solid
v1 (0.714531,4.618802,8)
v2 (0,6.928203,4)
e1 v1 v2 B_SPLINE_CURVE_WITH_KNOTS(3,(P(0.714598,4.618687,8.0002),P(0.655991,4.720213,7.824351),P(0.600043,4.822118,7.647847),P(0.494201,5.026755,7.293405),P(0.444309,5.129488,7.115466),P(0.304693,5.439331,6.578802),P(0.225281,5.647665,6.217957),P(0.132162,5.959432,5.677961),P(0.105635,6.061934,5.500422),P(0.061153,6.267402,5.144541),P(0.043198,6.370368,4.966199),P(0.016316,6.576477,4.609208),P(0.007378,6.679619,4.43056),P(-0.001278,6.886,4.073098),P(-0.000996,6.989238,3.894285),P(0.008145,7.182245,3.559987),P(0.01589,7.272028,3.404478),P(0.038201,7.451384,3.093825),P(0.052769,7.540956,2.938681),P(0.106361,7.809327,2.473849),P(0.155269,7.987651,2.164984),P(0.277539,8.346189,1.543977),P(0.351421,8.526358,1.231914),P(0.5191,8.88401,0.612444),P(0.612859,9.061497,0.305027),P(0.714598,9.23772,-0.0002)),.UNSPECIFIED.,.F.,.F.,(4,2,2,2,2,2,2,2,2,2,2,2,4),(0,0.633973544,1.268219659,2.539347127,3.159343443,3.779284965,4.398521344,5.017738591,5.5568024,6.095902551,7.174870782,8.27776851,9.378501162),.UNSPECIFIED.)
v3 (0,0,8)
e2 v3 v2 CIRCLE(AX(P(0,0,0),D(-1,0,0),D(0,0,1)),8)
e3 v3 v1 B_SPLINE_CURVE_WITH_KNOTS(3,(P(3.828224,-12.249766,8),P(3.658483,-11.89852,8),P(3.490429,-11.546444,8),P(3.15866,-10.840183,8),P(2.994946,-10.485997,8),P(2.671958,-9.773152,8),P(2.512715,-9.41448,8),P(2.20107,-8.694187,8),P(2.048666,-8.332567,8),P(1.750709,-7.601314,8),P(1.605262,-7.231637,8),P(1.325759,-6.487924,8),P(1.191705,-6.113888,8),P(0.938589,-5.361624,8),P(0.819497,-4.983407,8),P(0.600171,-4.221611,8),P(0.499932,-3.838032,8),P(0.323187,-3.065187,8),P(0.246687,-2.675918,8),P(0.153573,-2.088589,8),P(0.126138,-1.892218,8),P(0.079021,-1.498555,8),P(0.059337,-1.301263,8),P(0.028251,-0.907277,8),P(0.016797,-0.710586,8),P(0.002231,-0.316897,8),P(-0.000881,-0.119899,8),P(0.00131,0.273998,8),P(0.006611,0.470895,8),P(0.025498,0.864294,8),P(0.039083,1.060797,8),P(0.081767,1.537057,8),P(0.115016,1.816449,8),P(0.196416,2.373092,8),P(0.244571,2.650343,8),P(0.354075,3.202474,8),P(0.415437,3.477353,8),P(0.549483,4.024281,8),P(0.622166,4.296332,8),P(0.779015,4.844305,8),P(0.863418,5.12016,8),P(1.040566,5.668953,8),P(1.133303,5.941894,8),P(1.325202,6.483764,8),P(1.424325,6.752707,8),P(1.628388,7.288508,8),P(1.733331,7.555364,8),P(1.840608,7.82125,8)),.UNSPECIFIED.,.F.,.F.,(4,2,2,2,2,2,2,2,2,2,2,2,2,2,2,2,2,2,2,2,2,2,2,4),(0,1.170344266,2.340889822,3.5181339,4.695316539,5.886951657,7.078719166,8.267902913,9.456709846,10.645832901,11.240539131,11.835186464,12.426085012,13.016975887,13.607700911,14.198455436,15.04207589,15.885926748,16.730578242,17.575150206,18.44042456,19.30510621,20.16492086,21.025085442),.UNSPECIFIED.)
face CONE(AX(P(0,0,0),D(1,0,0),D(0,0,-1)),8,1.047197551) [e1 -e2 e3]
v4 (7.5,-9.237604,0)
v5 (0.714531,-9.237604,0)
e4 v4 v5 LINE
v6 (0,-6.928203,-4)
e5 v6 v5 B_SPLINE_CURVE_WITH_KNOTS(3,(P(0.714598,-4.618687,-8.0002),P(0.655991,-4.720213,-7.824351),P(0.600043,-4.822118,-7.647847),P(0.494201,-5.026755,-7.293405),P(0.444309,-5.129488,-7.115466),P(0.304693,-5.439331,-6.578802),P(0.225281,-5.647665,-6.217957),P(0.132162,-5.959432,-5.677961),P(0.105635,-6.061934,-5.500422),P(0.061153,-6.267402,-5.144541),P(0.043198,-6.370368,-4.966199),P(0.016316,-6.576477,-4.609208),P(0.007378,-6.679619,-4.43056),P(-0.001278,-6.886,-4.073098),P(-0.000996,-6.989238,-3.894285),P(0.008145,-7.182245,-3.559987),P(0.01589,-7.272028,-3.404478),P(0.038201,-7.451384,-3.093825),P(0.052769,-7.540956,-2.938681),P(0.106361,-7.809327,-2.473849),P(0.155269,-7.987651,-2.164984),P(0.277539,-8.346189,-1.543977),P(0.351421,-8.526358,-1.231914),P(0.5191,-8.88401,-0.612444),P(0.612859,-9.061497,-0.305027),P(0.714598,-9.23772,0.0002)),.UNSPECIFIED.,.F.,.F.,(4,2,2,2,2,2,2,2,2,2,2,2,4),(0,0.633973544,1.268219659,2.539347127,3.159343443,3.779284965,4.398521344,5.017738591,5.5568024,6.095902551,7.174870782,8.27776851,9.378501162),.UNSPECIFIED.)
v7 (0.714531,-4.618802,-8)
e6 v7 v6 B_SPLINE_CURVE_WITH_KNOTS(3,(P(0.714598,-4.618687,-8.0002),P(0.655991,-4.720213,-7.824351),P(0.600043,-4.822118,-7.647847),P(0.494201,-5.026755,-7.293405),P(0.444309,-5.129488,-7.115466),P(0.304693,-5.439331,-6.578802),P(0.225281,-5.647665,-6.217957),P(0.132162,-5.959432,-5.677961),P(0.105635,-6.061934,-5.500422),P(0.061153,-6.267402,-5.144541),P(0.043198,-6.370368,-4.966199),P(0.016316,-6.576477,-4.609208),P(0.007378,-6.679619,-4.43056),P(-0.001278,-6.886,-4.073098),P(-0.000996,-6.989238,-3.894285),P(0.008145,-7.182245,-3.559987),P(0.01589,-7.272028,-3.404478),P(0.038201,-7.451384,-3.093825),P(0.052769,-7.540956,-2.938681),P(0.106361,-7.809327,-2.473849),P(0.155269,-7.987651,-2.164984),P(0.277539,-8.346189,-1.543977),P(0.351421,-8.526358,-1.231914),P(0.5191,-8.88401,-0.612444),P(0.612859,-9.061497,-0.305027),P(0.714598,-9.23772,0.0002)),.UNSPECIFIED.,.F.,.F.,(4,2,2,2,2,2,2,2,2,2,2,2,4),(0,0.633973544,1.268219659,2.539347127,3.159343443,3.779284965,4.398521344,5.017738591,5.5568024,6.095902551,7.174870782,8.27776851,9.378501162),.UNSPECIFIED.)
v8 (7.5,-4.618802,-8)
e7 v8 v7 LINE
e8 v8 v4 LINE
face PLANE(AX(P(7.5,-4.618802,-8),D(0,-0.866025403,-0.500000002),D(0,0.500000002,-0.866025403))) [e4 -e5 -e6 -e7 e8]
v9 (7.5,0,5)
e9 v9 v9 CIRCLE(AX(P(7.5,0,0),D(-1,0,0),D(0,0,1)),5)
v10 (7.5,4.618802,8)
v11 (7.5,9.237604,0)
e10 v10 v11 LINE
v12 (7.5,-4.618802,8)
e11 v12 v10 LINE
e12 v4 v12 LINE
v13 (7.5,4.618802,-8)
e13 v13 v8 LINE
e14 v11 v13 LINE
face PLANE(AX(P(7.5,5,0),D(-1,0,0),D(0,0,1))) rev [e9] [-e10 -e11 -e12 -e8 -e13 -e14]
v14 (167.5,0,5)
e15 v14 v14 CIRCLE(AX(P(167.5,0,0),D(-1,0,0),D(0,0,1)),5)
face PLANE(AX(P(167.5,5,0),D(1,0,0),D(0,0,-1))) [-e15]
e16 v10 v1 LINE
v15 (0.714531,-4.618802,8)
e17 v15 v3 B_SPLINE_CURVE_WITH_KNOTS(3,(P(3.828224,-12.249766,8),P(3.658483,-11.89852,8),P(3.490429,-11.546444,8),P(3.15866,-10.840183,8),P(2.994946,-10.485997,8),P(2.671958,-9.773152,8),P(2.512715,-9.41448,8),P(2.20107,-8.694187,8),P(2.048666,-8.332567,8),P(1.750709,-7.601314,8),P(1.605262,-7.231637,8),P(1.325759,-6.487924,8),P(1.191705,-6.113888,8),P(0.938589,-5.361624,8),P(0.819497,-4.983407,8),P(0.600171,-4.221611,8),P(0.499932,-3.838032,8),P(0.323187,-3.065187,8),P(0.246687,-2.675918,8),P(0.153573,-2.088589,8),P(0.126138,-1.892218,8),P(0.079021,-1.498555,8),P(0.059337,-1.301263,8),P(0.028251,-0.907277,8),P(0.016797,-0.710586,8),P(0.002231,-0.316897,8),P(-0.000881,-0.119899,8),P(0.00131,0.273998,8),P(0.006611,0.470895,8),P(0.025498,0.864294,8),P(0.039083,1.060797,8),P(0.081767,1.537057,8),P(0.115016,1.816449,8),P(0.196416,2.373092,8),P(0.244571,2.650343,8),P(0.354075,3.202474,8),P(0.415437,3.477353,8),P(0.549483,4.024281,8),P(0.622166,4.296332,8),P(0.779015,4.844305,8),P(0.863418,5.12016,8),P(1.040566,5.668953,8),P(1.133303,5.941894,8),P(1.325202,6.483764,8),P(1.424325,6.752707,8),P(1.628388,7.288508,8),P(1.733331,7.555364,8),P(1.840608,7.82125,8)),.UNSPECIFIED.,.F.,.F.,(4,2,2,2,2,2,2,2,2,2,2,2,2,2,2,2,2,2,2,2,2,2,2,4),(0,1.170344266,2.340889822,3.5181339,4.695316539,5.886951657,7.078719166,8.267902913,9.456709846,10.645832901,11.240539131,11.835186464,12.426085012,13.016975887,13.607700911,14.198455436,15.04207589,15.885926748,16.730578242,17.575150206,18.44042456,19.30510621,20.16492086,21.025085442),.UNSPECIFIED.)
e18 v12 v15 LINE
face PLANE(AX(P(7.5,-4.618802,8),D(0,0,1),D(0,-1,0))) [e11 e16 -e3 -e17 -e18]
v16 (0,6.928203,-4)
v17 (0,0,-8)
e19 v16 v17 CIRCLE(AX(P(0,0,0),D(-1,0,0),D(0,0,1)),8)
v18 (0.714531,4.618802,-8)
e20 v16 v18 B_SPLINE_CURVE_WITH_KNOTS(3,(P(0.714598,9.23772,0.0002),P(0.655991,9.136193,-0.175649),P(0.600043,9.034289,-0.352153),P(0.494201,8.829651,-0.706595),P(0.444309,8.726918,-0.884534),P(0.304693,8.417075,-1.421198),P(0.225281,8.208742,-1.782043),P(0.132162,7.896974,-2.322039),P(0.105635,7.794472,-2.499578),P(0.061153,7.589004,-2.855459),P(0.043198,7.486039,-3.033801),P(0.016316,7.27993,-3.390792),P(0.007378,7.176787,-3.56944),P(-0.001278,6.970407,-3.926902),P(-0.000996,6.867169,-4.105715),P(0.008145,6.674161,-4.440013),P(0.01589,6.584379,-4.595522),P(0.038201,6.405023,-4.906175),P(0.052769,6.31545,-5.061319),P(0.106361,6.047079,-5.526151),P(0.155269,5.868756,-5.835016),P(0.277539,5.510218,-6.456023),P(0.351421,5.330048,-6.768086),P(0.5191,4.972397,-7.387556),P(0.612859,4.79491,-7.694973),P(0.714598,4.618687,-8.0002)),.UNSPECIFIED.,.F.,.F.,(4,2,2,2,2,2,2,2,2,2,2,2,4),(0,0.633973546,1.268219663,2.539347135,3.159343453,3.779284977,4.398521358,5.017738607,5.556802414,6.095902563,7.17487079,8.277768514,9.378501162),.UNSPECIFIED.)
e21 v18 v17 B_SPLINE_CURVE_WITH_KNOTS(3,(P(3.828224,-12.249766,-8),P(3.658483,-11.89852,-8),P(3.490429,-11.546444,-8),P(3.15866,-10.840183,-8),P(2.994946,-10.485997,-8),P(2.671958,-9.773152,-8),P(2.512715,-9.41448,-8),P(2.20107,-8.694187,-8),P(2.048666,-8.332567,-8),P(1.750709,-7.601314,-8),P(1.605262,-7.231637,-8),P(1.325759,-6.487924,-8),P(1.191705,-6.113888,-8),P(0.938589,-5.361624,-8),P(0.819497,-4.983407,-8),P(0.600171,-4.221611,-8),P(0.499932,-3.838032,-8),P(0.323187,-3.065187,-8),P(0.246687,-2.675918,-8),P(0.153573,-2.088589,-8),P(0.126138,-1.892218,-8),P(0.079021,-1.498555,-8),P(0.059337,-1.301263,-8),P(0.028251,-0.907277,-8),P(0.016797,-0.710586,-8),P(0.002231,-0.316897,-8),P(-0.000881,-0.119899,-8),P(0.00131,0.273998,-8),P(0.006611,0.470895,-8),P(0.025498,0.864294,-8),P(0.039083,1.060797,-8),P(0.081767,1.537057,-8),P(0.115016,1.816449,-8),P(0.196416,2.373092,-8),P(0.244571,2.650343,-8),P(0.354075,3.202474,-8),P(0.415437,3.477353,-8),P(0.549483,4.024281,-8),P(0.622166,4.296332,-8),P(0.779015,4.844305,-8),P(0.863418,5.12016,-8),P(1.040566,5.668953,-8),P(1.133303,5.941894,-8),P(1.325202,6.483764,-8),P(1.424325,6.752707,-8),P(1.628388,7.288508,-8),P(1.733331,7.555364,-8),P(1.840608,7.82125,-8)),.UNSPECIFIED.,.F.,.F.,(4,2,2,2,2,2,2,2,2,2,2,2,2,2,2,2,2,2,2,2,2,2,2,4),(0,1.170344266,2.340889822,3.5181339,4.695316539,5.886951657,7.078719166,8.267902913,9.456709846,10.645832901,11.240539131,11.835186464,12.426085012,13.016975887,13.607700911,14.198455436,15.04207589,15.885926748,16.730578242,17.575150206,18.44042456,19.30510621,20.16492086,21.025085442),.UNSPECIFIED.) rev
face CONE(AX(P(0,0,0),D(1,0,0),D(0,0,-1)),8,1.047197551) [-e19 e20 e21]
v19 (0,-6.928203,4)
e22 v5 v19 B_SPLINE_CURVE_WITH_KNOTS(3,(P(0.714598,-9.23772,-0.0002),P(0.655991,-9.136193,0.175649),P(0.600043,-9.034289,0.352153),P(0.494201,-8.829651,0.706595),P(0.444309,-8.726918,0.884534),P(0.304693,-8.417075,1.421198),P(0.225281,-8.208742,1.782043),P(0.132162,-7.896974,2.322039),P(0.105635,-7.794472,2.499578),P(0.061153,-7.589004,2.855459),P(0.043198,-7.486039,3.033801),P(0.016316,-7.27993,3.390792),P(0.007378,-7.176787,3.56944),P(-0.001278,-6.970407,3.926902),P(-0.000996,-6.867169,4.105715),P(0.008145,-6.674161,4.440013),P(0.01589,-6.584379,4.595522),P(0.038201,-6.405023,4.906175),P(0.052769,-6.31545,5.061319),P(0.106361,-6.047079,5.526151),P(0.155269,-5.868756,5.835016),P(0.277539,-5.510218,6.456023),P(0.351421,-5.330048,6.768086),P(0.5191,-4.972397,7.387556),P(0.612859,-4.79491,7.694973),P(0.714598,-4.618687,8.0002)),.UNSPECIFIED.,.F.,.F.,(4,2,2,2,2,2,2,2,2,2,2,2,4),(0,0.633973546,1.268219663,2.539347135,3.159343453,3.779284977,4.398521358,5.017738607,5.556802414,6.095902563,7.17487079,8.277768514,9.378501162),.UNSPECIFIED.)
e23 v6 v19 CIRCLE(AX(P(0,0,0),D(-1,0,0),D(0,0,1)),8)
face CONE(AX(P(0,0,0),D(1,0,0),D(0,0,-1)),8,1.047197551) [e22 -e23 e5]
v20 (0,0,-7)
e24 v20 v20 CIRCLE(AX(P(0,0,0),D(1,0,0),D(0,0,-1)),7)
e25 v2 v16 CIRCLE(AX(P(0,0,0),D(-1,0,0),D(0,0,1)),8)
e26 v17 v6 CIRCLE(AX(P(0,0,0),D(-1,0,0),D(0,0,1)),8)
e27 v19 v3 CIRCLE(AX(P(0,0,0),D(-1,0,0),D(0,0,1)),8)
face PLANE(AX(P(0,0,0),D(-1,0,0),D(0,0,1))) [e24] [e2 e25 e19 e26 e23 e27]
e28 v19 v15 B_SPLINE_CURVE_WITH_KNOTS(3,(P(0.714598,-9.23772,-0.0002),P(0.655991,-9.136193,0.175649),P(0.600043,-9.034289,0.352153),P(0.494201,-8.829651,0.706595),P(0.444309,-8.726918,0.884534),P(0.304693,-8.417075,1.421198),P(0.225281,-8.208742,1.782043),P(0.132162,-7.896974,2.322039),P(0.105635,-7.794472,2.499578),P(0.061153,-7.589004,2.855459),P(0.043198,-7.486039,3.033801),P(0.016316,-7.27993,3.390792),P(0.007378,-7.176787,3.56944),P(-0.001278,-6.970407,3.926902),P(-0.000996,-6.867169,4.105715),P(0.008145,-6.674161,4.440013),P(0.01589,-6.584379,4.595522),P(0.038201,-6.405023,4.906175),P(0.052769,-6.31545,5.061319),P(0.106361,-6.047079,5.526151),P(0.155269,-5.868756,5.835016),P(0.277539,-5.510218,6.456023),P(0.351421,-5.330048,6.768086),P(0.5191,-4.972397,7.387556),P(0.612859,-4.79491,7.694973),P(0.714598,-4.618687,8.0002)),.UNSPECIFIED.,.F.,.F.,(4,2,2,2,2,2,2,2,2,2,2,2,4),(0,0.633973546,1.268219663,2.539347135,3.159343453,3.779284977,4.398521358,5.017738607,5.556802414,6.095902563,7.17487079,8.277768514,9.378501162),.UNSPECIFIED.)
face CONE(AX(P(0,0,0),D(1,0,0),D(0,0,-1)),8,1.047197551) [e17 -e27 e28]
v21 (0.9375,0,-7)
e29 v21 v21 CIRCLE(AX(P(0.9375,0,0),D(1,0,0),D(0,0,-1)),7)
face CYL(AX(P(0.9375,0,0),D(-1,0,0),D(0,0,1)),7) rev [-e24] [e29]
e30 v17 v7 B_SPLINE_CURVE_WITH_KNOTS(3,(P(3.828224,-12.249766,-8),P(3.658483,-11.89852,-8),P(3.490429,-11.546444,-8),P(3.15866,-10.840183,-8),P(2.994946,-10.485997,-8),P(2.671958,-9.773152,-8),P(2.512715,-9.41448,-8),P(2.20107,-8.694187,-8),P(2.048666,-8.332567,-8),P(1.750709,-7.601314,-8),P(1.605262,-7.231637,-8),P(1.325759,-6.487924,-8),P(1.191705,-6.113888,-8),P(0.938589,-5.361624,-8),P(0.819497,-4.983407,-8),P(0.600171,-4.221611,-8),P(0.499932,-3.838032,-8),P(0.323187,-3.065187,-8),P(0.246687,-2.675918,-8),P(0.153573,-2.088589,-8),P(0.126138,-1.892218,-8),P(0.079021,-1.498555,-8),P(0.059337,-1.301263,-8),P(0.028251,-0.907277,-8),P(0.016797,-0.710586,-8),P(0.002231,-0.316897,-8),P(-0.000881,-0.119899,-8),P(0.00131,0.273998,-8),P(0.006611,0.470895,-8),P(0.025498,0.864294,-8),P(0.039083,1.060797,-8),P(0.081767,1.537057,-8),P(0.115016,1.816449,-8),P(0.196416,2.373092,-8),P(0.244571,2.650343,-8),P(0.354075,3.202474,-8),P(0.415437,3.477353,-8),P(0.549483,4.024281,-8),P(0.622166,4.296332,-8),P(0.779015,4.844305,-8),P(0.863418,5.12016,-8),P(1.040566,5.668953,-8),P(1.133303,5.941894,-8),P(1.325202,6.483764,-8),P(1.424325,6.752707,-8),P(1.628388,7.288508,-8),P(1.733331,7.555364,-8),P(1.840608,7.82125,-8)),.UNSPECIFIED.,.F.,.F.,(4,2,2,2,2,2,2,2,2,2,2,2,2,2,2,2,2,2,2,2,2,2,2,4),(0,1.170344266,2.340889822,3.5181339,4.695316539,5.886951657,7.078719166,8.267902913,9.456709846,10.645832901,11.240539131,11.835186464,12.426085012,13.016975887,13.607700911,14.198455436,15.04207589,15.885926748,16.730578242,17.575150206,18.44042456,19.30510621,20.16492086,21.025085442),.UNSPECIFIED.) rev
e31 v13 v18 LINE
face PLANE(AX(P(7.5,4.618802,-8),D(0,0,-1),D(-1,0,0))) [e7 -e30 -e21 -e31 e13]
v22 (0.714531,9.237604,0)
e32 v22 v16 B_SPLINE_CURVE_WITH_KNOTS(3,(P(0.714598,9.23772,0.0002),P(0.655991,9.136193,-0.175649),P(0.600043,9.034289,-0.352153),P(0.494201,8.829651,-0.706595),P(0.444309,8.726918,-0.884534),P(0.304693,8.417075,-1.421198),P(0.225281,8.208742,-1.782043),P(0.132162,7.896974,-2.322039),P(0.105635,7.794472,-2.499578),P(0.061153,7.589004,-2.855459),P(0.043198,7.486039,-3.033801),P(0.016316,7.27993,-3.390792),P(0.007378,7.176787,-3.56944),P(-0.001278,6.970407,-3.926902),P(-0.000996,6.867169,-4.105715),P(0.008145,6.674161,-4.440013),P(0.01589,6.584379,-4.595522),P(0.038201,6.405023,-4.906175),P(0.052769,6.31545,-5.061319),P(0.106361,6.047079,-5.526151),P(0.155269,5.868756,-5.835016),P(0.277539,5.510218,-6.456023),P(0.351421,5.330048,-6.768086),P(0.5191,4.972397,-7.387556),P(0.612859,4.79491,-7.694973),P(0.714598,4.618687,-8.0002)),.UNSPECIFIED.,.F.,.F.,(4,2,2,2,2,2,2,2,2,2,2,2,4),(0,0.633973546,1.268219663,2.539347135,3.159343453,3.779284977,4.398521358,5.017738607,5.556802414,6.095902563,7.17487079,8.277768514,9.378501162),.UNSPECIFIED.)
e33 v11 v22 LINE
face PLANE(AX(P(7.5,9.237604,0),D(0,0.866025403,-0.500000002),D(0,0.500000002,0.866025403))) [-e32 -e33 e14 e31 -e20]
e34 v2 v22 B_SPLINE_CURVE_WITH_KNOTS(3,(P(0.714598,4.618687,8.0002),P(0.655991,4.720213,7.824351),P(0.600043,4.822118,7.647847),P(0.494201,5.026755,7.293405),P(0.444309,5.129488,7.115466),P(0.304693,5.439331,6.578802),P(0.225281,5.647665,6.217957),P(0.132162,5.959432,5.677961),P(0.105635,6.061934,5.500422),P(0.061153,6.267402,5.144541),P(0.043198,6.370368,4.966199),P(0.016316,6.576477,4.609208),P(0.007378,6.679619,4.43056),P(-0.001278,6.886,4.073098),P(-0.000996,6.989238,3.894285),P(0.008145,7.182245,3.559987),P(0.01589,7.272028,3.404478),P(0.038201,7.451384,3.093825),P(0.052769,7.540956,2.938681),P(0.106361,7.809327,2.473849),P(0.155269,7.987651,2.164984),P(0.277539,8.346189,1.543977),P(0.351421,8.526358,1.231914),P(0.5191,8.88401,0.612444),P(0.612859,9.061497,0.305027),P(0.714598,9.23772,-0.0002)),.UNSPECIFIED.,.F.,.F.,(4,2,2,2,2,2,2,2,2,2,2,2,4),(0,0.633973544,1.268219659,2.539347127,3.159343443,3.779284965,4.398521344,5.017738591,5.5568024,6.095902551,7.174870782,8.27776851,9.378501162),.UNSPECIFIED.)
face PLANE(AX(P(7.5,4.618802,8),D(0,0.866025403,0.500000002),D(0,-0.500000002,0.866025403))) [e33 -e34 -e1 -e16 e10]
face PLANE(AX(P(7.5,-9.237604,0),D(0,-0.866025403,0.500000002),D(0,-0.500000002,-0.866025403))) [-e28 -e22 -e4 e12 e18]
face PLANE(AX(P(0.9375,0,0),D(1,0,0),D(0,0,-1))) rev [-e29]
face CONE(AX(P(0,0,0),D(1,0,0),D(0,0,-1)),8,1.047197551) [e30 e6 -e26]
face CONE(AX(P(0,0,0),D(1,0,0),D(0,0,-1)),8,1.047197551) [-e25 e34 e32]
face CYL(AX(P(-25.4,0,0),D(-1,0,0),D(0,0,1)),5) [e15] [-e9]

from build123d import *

# Parameters (mm, degrees)
SKETCH2_R     = 9.330254042
HEX_DIE_DEPTH = 7.5
SKETCH4_R     = 7
INDENT_DEPTH  = 0.9375


with BuildPart() as part:
    # BodySke → Base-Revolve (revolve)
    with BuildSketch(Plane.XY, mode=Mode.PRIVATE) as base_revolve_sk:
        Polygon((7.5, 5), (7.5, 9.237875289), (0.714687631, 9.237875289), (0, 8), (0, 0), (167.5, 0), (167.5, 5), align=None)
    revolve(base_revolve_sk.sketch.rotate(Axis((-25.4, 0, 0), (1, 0, 0)), 90), axis=Axis((-25.4, 0, 0), (1, 0, 0)))

    # Sketch2 → Hex-Die (cut)
    with BuildSketch(Plane(origin=(0, 0, 0), x_dir=(0, 0, -1), z_dir=(1, 0, 0))):
        Circle(SKETCH2_R)
        Polygon((-8, 4.618802174), (0, 9.237604347), (8, 4.618802174), (8, -4.618802174), (0, -9.237604347), (-8, -4.618802174), align=None, mode=Mode.SUBTRACT)
    extrude(amount=HEX_DIE_DEPTH, mode=Mode.SUBTRACT)

    # Sketch4 → Indent (cut)
    with BuildSketch(Plane(origin=(0, 0, 0), x_dir=(0, 0, -1), z_dir=(1, 0, 0))):
        Circle(SKETCH4_R)
    extrude(amount=INDENT_DEPTH, mode=Mode.SUBTRACT)


solid = part.part
